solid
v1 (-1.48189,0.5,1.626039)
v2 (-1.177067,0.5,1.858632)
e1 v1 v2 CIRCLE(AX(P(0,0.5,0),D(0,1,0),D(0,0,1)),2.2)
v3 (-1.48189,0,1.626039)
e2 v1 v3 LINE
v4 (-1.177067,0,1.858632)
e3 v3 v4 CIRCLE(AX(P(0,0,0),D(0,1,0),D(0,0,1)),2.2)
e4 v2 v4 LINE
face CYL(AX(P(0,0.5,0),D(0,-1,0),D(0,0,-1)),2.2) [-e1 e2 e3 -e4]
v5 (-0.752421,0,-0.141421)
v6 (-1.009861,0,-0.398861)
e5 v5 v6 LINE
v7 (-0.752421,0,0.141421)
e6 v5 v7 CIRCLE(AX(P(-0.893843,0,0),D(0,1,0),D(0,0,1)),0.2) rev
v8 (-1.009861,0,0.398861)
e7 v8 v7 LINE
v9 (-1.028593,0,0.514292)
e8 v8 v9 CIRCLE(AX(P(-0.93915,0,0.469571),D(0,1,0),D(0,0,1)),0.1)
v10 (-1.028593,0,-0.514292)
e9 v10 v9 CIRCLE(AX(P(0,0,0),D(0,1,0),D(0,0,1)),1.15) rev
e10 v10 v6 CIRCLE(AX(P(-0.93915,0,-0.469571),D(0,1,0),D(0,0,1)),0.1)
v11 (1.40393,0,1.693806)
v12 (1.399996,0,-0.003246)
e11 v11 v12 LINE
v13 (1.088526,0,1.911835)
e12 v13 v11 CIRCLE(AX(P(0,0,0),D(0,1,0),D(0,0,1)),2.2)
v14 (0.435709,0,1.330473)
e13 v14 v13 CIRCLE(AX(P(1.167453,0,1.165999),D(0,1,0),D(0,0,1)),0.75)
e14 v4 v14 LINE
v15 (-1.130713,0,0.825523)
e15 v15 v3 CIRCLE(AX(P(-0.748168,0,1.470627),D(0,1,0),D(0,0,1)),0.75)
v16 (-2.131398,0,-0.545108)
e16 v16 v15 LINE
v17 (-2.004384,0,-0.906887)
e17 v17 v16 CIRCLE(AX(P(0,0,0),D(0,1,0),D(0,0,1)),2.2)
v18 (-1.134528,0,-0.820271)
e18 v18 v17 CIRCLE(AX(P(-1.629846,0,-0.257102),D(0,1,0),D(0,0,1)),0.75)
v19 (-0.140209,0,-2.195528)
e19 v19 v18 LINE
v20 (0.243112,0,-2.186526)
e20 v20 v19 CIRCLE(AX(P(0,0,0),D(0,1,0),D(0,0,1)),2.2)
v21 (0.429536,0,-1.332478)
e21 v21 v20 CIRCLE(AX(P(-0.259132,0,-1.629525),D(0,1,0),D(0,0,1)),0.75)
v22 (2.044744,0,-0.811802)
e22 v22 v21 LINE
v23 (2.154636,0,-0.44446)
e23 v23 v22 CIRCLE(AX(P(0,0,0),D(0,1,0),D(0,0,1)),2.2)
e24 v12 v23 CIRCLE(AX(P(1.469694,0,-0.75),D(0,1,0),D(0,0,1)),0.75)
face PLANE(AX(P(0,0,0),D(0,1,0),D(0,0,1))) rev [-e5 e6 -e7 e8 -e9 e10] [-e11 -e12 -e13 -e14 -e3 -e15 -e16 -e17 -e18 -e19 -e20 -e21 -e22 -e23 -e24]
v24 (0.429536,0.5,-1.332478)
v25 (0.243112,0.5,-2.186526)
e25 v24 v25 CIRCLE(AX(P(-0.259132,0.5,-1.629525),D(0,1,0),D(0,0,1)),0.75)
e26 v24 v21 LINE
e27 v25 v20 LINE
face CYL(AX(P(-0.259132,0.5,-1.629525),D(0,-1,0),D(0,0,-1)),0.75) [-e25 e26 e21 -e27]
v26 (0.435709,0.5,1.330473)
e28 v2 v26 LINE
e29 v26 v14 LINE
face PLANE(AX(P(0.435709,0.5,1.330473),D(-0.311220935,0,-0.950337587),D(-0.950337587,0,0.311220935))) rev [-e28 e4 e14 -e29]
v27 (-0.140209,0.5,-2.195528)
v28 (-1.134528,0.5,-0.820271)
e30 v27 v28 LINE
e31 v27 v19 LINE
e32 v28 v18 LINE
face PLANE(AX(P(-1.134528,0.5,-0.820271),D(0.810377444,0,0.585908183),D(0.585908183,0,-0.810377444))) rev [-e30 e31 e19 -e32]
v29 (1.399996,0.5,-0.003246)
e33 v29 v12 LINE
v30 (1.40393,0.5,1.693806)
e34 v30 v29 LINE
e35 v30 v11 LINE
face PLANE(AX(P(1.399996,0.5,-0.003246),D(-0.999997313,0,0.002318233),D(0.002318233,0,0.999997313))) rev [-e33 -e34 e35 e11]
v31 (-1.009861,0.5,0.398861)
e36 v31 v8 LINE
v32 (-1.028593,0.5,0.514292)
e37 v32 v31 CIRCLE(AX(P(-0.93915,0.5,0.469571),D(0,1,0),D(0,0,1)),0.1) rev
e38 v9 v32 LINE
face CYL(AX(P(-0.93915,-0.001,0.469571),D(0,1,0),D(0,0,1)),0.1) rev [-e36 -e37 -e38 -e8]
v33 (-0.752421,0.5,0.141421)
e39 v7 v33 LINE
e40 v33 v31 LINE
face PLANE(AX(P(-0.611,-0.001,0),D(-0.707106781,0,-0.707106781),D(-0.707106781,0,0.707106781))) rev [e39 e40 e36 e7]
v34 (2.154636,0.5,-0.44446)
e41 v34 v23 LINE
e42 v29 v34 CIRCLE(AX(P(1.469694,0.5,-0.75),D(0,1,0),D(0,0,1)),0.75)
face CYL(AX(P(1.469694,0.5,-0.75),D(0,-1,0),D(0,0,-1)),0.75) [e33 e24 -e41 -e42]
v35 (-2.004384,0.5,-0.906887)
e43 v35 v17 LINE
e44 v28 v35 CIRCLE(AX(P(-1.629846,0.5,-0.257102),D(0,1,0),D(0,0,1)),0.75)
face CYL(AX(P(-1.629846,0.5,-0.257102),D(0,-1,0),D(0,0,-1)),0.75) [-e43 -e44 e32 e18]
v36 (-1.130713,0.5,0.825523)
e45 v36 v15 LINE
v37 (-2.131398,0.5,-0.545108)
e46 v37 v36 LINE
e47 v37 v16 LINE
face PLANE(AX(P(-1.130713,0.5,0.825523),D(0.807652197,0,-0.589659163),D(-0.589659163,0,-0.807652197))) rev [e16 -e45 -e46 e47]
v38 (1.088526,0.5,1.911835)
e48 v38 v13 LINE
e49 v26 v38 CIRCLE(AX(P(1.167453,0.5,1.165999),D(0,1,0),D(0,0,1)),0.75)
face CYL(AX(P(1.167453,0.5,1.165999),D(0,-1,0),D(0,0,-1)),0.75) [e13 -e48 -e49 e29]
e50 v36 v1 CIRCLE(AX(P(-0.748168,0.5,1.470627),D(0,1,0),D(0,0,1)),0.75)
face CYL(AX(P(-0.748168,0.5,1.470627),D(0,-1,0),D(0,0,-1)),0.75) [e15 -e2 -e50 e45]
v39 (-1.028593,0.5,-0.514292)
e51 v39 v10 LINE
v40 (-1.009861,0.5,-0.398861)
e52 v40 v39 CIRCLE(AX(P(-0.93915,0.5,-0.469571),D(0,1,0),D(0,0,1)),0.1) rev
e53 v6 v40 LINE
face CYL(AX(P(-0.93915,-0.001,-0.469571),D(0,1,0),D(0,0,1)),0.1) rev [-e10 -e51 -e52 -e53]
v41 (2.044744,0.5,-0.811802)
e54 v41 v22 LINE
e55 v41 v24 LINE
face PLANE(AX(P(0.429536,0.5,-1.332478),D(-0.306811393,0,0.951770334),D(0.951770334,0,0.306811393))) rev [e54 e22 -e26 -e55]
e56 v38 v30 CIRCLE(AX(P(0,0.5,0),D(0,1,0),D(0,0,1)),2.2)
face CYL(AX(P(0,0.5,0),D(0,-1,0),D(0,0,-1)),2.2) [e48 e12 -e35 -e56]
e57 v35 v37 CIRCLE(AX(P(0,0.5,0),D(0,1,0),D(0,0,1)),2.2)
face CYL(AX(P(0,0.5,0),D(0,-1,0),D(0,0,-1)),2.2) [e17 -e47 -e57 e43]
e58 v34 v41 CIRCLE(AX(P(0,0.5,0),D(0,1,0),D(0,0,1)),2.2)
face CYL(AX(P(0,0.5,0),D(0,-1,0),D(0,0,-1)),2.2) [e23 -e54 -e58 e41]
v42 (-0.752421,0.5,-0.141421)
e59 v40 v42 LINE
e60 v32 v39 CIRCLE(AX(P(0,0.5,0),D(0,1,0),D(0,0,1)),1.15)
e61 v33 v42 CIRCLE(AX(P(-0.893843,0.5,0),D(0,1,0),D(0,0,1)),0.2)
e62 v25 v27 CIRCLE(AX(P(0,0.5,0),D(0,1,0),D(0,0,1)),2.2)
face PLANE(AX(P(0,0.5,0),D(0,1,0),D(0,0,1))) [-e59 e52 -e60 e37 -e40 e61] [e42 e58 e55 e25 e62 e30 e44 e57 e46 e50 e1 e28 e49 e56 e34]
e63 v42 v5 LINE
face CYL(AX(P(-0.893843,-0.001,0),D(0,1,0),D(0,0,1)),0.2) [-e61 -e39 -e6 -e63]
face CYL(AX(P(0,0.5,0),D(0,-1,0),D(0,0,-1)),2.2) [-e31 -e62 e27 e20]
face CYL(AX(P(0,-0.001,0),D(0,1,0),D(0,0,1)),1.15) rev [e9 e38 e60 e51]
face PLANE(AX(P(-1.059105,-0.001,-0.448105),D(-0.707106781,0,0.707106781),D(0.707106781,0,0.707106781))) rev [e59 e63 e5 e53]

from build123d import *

# Parameters (mm, degrees)
BOSS_EXTRUDE1_DEPTH = 0.5
CUT_EXTRUDE1_REACH  = 2.5
FILLET1_R           = 0.1
FILLET2_R           = 0.2


with BuildPart() as part:
    # Sketch1 → Boss-Extrude1 (new body)
    with BuildSketch(Plane(origin=(0, 0, 0), x_dir=(1, 0, 0), z_dir=(0, 1, 0))):
        with BuildLine():
            Line((-1.130713076, -0.825522828), (-2.131397859, 0.545108401))
            ThreePointArc((-2.131397859, 0.545108401), (-2.07578756, 0.7287702), (-2.004384052, 0.906887298))
            ThreePointArc((-2.004384052, 0.906887298), (-1.555532522, 1.003410855), (-1.134528421, 0.820271456))
            Line((-1.134528421, 0.820271456), (-0.140209263, 2.195527582))
            ThreePointArc((-0.140209263, 2.195527582), (0.051648015, 2.199393662), (0.243112339, 2.186526101))
            ThreePointArc((0.243112339, 2.186526101), (0.473614448, 1.789470348), (0.42953595, 1.332478468))
            Line((0.42953595, 1.332478468), (2.044743768, 0.811802268))
            ThreePointArc((2.044743768, 0.811802268), (2.107707789, 0.630529838), (2.154635741, 0.444460149))
            ThreePointArc((2.154635741, 0.444460149), (1.848242349, 0.102542642), (1.399996238, 0.003245527))
            Line((1.399996238, 0.003245527), (1.40393041, -1.693806188))
            ThreePointArc((1.40393041, -1.693806188), (1.250987037, -1.809704792), (1.088525782, -1.911834622))
            ThreePointArc((1.088525782, -1.911834622), (0.668662143, -1.726095511), (0.435709309, -1.330472622))
            Line((0.435709309, -1.330472622), (-1.177067057, -1.858632063))
            ThreePointArc((-1.177067057, -1.858632063), (-1.33455528, -1.748988909), (-1.48188981, -1.626038927))
            ThreePointArc((-1.48188981, -1.626038927), (-1.434986417, -1.169328335), (-1.130713076, -0.825522828))
        make_face()
    extrude(amount=BOSS_EXTRUDE1_DEPTH)

    # Sketch2 → Cut-Extrude1 (cut, up to next)
    with BuildSketch(Plane(origin=(0, 0.5, 0), x_dir=(1, 0, 0), z_dir=(0, 1, 0)), mode=Mode.PRIVATE) as cut_extrude1_sk1:
        with BuildLine():
            Line((-1.059104505, 0.448104505), (-0.611, 0))
            Line((-0.611, 0), (-1.059104505, -0.448104505))
            ThreePointArc((-1.059104505, -0.448104505), (1.15, 0), (-1.059104505, 0.448104505))
        make_face()
    cut_extrude1_tool1 = extrude(cut_extrude1_sk1.sketch, amount=-CUT_EXTRUDE1_REACH, mode=Mode.PRIVATE) & part.part
    add(cut_extrude1_tool1.solids().sort_by_distance((0.062233, 0.5, 0))[0], mode=Mode.SUBTRACT)

    # Fillet1
    fillet1_edges = [part.edges().sort_by_distance(p)[0] for p in [
        (-1.059104505, 0.25, -0.448104505),
        (-1.059104505, 0.25, 0.448104505),
    ]]
    fillet(fillet1_edges, radius=FILLET1_R)

    # Fillet2
    fillet2_edges = [part.edges().sort_by_distance(p)[0] for p in [
        (-0.611, 0.25, 0),
    ]]
    fillet(fillet2_edges, radius=FILLET2_R)


solid = part.part
